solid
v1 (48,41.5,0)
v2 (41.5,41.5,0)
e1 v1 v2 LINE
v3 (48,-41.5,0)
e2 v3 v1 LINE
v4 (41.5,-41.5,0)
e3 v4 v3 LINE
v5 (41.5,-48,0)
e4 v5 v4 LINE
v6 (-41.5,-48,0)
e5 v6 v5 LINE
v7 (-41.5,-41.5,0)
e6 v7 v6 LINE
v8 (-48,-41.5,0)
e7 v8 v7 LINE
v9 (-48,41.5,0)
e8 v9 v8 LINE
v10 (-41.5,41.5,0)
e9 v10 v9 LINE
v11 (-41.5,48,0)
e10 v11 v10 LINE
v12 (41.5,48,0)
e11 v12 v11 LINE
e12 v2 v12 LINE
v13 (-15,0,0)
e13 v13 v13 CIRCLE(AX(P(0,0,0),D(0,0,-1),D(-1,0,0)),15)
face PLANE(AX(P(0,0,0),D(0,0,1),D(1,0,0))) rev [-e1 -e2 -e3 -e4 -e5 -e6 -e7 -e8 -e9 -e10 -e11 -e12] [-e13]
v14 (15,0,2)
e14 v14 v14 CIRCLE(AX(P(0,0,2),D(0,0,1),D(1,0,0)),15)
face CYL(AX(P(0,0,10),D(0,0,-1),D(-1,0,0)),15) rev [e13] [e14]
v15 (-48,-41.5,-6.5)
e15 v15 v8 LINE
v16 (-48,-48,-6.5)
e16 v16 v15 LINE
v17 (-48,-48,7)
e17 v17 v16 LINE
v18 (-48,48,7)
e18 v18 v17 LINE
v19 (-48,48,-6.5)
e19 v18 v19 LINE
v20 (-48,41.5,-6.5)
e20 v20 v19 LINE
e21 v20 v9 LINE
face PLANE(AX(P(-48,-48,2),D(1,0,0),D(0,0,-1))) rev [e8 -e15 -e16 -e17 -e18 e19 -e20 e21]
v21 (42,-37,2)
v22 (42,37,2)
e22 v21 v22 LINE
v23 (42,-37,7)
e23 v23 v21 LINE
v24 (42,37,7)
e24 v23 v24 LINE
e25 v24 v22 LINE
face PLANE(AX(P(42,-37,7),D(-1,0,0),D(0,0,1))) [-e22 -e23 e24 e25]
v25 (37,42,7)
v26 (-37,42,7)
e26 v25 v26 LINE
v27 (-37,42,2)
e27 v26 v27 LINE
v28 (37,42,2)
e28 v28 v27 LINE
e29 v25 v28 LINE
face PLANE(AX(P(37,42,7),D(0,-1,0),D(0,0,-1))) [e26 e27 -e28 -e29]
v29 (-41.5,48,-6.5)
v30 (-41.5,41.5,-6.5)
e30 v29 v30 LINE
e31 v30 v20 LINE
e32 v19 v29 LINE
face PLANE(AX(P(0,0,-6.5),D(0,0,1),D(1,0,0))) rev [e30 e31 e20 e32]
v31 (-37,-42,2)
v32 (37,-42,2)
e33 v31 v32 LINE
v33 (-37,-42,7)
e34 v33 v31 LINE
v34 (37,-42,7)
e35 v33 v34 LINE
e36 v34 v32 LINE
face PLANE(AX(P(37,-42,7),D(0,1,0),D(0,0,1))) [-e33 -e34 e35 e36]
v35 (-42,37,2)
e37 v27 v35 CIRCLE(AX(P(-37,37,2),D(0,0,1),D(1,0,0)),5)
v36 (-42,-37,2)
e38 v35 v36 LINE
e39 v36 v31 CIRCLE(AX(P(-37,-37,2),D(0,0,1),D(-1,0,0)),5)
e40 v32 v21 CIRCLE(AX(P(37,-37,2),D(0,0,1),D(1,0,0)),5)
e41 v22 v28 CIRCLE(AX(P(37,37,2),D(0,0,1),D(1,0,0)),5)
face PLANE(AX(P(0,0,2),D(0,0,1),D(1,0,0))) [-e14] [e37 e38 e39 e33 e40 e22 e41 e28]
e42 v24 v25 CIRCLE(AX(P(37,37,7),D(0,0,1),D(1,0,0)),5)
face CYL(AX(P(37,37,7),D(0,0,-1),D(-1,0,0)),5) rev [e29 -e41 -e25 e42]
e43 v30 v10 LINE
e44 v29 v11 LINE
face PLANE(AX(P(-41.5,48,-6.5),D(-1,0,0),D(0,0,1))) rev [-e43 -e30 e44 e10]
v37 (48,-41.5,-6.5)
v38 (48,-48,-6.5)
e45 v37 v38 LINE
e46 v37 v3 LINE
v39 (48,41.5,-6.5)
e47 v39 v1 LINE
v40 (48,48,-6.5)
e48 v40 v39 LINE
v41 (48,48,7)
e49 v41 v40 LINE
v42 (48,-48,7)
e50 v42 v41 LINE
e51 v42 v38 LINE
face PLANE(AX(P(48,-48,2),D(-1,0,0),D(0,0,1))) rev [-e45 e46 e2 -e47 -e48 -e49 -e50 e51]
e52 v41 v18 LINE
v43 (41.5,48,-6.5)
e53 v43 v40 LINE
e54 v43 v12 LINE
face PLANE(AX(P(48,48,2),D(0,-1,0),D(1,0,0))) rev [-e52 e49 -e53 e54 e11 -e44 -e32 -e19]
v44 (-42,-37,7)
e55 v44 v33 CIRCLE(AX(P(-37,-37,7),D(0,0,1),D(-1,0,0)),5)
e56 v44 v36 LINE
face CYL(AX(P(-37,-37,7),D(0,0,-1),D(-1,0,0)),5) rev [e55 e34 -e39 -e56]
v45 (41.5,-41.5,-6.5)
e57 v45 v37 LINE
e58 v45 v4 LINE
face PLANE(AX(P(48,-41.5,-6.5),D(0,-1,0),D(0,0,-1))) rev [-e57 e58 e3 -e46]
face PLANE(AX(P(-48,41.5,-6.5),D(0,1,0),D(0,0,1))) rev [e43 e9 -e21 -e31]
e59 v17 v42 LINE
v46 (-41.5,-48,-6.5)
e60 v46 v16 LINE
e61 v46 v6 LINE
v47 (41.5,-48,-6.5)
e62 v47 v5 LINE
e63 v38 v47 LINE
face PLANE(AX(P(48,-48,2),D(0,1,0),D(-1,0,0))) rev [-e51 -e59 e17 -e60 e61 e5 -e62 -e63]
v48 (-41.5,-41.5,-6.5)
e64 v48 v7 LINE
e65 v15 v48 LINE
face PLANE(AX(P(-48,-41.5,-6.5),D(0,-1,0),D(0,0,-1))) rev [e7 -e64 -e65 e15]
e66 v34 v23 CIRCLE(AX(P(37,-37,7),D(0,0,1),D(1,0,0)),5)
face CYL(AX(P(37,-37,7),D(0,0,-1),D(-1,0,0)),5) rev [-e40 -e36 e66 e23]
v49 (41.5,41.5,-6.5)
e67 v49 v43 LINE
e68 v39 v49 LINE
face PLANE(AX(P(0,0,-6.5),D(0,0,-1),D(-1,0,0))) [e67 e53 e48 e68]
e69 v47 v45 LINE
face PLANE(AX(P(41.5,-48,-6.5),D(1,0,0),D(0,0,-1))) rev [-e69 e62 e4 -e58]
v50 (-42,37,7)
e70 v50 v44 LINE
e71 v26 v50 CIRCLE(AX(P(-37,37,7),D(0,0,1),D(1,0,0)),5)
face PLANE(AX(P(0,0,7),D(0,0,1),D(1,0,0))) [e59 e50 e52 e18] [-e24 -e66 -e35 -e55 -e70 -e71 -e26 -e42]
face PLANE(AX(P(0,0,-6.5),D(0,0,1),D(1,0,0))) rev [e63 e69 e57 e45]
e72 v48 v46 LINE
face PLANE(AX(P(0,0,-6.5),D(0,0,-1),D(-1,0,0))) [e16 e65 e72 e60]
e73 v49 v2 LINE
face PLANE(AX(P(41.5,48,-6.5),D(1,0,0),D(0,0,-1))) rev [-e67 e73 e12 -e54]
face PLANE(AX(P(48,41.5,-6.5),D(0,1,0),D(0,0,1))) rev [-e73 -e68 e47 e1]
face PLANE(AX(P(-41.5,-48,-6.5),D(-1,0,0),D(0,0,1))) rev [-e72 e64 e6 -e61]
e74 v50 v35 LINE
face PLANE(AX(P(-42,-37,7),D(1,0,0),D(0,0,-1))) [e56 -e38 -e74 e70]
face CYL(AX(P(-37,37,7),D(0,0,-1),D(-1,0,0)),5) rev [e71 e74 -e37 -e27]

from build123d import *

# Parameters (mm, degrees)
SKETCH1_W           = 96
SKETCH1_H           = 96
BOSS_EXTRUDE1_DEPTH = 2
SKETCH2_W           = 96
SKETCH2_H           = 96
BOSS_EXTRUDE2_DEPTH = 5
SKETCH3_W           = 6.5
SKETCH3_H           = 6.5
BOSS_EXTRUDE3_DEPTH = 6.5
SKETCH5_R           = 15
CUT_EXTRUDE1_DEPTH  = 10


with BuildPart() as part:
    # Sketch1 → Boss-Extrude1 (new body)
    with BuildSketch(Plane.XY):
        Rectangle(SKETCH1_W, SKETCH1_H)
    extrude(amount=BOSS_EXTRUDE1_DEPTH)

    # Sketch2 → Boss-Extrude2 (add)
    with BuildSketch(Plane.XY.offset(2)):
        Rectangle(SKETCH2_W, SKETCH2_H)
        with BuildLine():
            Line((37, -42), (-37, -42))
            ThreePointArc((-37, -42), (-40.535533906, -40.535533906), (-42, -37))
            Line((-42, -37), (-42, 37))
            ThreePointArc((-42, 37), (-40.535533906, 40.535533906), (-37, 42))
            Line((-37, 42), (37, 42))
            ThreePointArc((37, 42), (40.535533906, 40.535533906), (42, 37))
            Line((42, 37), (42, -37))
            ThreePointArc((42, -37), (40.535533906, -40.535533906), (37, -42))
        make_face(mode=Mode.SUBTRACT)
    extrude(amount=BOSS_EXTRUDE2_DEPTH)

    # Sketch3 → Boss-Extrude3 (add)
    with BuildSketch(Plane(origin=(0, 0, 0), x_dir=(-1, 0, 0), z_dir=(0, 0, -1))):
        with Locations((-44.75, 44.75)):
            Rectangle(SKETCH3_W, SKETCH3_H)
        with Locations((44.75, 44.75)):
            Rectangle(SKETCH3_W, SKETCH3_H)
        with Locations((-44.75, -44.75)):
            Rectangle(SKETCH3_W, SKETCH3_H)
        with Locations((44.75, -44.75)):
            Rectangle(SKETCH3_W, SKETCH3_H)
    extrude(amount=BOSS_EXTRUDE3_DEPTH)

    # Sketch5 → Cut-Extrude1 (cut)
    with BuildSketch(Plane(origin=(0, 0, 0), x_dir=(-1, 0, 0), z_dir=(0, 0, -1))):
        Circle(SKETCH5_R)
    extrude(amount=-CUT_EXTRUDE1_DEPTH, mode=Mode.SUBTRACT)


solid = part.part
